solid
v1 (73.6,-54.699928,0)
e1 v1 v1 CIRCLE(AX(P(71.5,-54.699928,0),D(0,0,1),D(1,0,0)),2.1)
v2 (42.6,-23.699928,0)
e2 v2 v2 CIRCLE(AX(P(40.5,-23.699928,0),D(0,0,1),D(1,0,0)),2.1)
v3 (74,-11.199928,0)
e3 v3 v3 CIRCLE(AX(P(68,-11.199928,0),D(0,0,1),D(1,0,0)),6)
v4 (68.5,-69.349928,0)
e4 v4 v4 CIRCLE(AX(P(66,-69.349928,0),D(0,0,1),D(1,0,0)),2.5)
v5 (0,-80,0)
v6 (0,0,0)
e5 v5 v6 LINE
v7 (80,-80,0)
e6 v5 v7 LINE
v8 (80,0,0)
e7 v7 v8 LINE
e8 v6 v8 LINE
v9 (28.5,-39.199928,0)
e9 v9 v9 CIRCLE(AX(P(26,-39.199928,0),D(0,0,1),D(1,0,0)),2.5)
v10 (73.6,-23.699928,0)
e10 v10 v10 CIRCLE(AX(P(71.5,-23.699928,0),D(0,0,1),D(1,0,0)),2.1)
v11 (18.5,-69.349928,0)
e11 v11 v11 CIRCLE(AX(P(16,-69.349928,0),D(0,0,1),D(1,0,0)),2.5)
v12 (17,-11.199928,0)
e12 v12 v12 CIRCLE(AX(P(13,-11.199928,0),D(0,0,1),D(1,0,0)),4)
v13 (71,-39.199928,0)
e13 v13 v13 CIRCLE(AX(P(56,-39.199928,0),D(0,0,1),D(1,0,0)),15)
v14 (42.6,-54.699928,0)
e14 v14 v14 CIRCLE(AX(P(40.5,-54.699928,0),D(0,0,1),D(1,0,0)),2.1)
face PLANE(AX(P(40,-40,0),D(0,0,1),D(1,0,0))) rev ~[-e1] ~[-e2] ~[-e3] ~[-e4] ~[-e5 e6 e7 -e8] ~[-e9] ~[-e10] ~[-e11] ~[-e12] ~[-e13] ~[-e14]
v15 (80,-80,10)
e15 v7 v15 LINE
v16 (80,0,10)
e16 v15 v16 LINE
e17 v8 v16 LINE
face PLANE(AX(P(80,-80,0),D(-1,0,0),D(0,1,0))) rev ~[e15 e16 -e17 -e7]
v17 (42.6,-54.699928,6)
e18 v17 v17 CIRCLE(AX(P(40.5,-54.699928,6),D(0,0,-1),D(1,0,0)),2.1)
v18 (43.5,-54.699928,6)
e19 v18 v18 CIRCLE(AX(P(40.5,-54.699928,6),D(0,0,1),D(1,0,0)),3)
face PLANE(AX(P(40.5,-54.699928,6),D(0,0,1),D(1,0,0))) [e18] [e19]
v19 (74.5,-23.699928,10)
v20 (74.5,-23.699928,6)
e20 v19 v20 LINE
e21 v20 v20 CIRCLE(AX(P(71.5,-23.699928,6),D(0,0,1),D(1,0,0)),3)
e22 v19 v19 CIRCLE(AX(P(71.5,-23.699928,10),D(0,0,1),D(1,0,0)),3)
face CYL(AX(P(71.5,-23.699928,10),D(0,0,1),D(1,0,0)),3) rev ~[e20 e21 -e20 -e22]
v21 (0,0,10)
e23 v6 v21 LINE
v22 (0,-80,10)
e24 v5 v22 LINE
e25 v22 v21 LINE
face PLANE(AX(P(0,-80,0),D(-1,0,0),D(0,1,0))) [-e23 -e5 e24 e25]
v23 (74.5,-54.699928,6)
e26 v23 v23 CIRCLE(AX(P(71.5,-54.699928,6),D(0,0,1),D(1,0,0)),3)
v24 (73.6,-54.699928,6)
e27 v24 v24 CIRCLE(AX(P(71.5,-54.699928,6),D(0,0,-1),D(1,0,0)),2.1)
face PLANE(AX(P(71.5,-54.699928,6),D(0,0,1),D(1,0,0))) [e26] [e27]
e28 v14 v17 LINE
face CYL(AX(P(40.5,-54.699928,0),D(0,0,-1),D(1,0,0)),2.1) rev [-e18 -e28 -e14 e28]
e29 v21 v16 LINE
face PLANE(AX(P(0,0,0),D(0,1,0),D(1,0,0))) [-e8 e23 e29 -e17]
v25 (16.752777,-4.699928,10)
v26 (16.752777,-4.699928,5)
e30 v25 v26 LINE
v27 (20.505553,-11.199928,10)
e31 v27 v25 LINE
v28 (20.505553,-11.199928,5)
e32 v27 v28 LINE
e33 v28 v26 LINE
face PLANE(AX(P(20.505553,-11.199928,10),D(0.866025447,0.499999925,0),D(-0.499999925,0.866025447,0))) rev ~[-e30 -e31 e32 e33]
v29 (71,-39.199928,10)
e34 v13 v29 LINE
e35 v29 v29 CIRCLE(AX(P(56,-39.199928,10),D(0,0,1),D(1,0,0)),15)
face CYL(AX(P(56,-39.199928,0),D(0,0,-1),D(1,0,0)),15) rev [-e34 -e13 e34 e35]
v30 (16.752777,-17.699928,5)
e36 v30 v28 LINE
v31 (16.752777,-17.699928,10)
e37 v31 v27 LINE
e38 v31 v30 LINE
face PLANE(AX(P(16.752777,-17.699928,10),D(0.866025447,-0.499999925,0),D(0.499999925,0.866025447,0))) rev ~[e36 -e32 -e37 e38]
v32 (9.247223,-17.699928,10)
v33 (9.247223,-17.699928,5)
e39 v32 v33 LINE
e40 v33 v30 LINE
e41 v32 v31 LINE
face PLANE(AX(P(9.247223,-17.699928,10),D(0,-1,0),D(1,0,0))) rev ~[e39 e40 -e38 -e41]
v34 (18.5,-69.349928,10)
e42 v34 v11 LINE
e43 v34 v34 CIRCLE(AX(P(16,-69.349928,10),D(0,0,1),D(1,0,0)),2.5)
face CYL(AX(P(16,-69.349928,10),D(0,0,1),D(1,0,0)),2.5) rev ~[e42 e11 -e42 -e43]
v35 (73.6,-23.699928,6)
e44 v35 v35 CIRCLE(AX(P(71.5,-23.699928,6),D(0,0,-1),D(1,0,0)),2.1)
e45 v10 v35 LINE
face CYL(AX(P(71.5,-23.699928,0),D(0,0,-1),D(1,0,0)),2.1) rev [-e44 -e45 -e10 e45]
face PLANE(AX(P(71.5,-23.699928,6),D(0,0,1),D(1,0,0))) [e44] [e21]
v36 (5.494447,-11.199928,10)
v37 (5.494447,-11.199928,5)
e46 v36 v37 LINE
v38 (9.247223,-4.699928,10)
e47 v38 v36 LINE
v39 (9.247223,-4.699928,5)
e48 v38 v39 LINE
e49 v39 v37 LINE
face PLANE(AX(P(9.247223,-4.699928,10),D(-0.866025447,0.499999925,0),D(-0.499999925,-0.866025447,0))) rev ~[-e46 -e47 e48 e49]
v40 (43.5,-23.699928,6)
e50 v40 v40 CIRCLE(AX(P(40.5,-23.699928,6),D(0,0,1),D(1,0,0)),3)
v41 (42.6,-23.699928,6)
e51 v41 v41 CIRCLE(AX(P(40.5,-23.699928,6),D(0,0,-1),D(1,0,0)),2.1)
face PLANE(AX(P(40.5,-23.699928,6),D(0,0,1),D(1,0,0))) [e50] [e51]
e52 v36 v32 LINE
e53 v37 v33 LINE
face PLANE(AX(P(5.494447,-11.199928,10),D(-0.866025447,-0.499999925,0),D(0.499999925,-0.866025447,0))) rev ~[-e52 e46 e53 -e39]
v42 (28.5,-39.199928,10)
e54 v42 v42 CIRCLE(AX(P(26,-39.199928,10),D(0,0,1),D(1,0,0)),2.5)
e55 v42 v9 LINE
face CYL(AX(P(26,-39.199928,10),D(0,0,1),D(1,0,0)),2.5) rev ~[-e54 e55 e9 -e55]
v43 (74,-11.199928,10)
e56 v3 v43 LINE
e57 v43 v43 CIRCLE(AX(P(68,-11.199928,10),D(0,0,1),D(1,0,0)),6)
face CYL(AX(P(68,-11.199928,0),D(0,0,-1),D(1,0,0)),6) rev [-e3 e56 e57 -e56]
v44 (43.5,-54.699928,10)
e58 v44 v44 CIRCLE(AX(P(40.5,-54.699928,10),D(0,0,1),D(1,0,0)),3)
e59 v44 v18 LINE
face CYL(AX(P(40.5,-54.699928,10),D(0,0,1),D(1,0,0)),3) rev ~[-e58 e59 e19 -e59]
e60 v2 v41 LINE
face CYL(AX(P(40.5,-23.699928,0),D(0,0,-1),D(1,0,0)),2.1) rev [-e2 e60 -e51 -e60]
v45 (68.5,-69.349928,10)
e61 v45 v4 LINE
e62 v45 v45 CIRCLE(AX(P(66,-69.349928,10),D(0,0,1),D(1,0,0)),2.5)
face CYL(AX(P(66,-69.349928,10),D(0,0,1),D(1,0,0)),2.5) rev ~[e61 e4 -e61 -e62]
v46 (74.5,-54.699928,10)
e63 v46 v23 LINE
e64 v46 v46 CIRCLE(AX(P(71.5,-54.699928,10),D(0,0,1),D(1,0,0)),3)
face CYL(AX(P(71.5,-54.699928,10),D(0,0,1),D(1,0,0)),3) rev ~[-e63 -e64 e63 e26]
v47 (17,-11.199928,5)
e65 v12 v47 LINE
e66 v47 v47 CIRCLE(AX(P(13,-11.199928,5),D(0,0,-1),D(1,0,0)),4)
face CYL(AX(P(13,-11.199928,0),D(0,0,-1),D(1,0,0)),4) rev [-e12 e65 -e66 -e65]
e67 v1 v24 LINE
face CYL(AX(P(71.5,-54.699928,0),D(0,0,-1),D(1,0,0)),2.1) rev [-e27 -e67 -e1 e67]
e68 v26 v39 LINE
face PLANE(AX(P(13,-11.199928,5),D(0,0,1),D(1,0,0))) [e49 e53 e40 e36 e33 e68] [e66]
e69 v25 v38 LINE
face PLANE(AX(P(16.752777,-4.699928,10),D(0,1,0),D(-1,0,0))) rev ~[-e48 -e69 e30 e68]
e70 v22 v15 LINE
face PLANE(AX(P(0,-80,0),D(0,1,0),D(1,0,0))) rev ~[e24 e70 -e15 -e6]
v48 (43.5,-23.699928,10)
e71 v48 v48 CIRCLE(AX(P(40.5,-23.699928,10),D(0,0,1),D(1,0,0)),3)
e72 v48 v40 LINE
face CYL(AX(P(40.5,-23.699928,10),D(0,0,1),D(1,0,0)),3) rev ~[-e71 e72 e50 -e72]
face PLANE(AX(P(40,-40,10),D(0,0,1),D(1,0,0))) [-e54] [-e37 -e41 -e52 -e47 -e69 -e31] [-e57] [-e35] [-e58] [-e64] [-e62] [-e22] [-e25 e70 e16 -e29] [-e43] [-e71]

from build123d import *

# Parameters (mm, degrees)
F0_W     = 80
F0_H     = 80
F0_R     = 2.1
F0_R_2   = 4
F0_R_3   = 15
F0_R_4   = 6
F1_DEPTH = 10
F2_R     = 2.5
F3_DEPTH = 25
F4_R     = 3
F5_DEPTH = 4
F7_DEPTH = 5


with BuildPart() as f1:
    # F0 (on Top) → F1 (new body)
    with BuildSketch(Plane.XY):
        with Locations((40, -40)):
            Rectangle(F0_W, F0_H)
        with Locations((40.5, -54.699928)):
            Circle(F0_R, mode=Mode.SUBTRACT)
        with Locations((71.5, -54.699928)):
            Circle(F0_R, mode=Mode.SUBTRACT)
        with Locations((13, -11.199928)):
            Circle(F0_R_2, mode=Mode.SUBTRACT)
        with Locations((56, -39.199928)):
            Circle(F0_R_3, mode=Mode.SUBTRACT)
        with Locations((40.5, -23.699928)):
            Circle(F0_R, mode=Mode.SUBTRACT)
        with Locations((71.5, -23.699928)):
            Circle(F0_R, mode=Mode.SUBTRACT)
        with Locations((68, -11.199928)):
            Circle(F0_R_4, mode=Mode.SUBTRACT)
    extrude(amount=F1_DEPTH)

    # F2 (on face) → F3 (cut)
    with BuildSketch(Plane.XY.offset(10)):
        with Locations((26, -39.199928)):
            Circle(F2_R)
        with Locations((16, -69.349928)):
            Circle(F2_R)
        with Locations((66, -69.349928)):
            Circle(F2_R)
    extrude(amount=-F3_DEPTH, mode=Mode.SUBTRACT)

    # F4 (on face) → F5 (cut)
    with BuildSketch(Plane.XY.offset(10)):
        with Locations((40.5, -23.699928)):
            Circle(F4_R)
        with Locations((71.5, -23.699928)):
            Circle(F4_R)
        with Locations((40.5, -54.699928)):
            Circle(F4_R)
        with Locations((71.5, -54.699928)):
            Circle(F4_R)
    extrude(amount=-F5_DEPTH, mode=Mode.SUBTRACT)

    # F6 (on face) → F7 (cut)
    with BuildSketch(Plane.XY.offset(10)):
        Polygon((16.752777, -4.699928), (9.247223, -4.699928), (5.494447, -11.199928), (9.247223, -17.699928), (16.752777, -17.699928), (20.505553, -11.199928), align=None)
    extrude(amount=-F7_DEPTH, mode=Mode.SUBTRACT)


solid = f1.part
